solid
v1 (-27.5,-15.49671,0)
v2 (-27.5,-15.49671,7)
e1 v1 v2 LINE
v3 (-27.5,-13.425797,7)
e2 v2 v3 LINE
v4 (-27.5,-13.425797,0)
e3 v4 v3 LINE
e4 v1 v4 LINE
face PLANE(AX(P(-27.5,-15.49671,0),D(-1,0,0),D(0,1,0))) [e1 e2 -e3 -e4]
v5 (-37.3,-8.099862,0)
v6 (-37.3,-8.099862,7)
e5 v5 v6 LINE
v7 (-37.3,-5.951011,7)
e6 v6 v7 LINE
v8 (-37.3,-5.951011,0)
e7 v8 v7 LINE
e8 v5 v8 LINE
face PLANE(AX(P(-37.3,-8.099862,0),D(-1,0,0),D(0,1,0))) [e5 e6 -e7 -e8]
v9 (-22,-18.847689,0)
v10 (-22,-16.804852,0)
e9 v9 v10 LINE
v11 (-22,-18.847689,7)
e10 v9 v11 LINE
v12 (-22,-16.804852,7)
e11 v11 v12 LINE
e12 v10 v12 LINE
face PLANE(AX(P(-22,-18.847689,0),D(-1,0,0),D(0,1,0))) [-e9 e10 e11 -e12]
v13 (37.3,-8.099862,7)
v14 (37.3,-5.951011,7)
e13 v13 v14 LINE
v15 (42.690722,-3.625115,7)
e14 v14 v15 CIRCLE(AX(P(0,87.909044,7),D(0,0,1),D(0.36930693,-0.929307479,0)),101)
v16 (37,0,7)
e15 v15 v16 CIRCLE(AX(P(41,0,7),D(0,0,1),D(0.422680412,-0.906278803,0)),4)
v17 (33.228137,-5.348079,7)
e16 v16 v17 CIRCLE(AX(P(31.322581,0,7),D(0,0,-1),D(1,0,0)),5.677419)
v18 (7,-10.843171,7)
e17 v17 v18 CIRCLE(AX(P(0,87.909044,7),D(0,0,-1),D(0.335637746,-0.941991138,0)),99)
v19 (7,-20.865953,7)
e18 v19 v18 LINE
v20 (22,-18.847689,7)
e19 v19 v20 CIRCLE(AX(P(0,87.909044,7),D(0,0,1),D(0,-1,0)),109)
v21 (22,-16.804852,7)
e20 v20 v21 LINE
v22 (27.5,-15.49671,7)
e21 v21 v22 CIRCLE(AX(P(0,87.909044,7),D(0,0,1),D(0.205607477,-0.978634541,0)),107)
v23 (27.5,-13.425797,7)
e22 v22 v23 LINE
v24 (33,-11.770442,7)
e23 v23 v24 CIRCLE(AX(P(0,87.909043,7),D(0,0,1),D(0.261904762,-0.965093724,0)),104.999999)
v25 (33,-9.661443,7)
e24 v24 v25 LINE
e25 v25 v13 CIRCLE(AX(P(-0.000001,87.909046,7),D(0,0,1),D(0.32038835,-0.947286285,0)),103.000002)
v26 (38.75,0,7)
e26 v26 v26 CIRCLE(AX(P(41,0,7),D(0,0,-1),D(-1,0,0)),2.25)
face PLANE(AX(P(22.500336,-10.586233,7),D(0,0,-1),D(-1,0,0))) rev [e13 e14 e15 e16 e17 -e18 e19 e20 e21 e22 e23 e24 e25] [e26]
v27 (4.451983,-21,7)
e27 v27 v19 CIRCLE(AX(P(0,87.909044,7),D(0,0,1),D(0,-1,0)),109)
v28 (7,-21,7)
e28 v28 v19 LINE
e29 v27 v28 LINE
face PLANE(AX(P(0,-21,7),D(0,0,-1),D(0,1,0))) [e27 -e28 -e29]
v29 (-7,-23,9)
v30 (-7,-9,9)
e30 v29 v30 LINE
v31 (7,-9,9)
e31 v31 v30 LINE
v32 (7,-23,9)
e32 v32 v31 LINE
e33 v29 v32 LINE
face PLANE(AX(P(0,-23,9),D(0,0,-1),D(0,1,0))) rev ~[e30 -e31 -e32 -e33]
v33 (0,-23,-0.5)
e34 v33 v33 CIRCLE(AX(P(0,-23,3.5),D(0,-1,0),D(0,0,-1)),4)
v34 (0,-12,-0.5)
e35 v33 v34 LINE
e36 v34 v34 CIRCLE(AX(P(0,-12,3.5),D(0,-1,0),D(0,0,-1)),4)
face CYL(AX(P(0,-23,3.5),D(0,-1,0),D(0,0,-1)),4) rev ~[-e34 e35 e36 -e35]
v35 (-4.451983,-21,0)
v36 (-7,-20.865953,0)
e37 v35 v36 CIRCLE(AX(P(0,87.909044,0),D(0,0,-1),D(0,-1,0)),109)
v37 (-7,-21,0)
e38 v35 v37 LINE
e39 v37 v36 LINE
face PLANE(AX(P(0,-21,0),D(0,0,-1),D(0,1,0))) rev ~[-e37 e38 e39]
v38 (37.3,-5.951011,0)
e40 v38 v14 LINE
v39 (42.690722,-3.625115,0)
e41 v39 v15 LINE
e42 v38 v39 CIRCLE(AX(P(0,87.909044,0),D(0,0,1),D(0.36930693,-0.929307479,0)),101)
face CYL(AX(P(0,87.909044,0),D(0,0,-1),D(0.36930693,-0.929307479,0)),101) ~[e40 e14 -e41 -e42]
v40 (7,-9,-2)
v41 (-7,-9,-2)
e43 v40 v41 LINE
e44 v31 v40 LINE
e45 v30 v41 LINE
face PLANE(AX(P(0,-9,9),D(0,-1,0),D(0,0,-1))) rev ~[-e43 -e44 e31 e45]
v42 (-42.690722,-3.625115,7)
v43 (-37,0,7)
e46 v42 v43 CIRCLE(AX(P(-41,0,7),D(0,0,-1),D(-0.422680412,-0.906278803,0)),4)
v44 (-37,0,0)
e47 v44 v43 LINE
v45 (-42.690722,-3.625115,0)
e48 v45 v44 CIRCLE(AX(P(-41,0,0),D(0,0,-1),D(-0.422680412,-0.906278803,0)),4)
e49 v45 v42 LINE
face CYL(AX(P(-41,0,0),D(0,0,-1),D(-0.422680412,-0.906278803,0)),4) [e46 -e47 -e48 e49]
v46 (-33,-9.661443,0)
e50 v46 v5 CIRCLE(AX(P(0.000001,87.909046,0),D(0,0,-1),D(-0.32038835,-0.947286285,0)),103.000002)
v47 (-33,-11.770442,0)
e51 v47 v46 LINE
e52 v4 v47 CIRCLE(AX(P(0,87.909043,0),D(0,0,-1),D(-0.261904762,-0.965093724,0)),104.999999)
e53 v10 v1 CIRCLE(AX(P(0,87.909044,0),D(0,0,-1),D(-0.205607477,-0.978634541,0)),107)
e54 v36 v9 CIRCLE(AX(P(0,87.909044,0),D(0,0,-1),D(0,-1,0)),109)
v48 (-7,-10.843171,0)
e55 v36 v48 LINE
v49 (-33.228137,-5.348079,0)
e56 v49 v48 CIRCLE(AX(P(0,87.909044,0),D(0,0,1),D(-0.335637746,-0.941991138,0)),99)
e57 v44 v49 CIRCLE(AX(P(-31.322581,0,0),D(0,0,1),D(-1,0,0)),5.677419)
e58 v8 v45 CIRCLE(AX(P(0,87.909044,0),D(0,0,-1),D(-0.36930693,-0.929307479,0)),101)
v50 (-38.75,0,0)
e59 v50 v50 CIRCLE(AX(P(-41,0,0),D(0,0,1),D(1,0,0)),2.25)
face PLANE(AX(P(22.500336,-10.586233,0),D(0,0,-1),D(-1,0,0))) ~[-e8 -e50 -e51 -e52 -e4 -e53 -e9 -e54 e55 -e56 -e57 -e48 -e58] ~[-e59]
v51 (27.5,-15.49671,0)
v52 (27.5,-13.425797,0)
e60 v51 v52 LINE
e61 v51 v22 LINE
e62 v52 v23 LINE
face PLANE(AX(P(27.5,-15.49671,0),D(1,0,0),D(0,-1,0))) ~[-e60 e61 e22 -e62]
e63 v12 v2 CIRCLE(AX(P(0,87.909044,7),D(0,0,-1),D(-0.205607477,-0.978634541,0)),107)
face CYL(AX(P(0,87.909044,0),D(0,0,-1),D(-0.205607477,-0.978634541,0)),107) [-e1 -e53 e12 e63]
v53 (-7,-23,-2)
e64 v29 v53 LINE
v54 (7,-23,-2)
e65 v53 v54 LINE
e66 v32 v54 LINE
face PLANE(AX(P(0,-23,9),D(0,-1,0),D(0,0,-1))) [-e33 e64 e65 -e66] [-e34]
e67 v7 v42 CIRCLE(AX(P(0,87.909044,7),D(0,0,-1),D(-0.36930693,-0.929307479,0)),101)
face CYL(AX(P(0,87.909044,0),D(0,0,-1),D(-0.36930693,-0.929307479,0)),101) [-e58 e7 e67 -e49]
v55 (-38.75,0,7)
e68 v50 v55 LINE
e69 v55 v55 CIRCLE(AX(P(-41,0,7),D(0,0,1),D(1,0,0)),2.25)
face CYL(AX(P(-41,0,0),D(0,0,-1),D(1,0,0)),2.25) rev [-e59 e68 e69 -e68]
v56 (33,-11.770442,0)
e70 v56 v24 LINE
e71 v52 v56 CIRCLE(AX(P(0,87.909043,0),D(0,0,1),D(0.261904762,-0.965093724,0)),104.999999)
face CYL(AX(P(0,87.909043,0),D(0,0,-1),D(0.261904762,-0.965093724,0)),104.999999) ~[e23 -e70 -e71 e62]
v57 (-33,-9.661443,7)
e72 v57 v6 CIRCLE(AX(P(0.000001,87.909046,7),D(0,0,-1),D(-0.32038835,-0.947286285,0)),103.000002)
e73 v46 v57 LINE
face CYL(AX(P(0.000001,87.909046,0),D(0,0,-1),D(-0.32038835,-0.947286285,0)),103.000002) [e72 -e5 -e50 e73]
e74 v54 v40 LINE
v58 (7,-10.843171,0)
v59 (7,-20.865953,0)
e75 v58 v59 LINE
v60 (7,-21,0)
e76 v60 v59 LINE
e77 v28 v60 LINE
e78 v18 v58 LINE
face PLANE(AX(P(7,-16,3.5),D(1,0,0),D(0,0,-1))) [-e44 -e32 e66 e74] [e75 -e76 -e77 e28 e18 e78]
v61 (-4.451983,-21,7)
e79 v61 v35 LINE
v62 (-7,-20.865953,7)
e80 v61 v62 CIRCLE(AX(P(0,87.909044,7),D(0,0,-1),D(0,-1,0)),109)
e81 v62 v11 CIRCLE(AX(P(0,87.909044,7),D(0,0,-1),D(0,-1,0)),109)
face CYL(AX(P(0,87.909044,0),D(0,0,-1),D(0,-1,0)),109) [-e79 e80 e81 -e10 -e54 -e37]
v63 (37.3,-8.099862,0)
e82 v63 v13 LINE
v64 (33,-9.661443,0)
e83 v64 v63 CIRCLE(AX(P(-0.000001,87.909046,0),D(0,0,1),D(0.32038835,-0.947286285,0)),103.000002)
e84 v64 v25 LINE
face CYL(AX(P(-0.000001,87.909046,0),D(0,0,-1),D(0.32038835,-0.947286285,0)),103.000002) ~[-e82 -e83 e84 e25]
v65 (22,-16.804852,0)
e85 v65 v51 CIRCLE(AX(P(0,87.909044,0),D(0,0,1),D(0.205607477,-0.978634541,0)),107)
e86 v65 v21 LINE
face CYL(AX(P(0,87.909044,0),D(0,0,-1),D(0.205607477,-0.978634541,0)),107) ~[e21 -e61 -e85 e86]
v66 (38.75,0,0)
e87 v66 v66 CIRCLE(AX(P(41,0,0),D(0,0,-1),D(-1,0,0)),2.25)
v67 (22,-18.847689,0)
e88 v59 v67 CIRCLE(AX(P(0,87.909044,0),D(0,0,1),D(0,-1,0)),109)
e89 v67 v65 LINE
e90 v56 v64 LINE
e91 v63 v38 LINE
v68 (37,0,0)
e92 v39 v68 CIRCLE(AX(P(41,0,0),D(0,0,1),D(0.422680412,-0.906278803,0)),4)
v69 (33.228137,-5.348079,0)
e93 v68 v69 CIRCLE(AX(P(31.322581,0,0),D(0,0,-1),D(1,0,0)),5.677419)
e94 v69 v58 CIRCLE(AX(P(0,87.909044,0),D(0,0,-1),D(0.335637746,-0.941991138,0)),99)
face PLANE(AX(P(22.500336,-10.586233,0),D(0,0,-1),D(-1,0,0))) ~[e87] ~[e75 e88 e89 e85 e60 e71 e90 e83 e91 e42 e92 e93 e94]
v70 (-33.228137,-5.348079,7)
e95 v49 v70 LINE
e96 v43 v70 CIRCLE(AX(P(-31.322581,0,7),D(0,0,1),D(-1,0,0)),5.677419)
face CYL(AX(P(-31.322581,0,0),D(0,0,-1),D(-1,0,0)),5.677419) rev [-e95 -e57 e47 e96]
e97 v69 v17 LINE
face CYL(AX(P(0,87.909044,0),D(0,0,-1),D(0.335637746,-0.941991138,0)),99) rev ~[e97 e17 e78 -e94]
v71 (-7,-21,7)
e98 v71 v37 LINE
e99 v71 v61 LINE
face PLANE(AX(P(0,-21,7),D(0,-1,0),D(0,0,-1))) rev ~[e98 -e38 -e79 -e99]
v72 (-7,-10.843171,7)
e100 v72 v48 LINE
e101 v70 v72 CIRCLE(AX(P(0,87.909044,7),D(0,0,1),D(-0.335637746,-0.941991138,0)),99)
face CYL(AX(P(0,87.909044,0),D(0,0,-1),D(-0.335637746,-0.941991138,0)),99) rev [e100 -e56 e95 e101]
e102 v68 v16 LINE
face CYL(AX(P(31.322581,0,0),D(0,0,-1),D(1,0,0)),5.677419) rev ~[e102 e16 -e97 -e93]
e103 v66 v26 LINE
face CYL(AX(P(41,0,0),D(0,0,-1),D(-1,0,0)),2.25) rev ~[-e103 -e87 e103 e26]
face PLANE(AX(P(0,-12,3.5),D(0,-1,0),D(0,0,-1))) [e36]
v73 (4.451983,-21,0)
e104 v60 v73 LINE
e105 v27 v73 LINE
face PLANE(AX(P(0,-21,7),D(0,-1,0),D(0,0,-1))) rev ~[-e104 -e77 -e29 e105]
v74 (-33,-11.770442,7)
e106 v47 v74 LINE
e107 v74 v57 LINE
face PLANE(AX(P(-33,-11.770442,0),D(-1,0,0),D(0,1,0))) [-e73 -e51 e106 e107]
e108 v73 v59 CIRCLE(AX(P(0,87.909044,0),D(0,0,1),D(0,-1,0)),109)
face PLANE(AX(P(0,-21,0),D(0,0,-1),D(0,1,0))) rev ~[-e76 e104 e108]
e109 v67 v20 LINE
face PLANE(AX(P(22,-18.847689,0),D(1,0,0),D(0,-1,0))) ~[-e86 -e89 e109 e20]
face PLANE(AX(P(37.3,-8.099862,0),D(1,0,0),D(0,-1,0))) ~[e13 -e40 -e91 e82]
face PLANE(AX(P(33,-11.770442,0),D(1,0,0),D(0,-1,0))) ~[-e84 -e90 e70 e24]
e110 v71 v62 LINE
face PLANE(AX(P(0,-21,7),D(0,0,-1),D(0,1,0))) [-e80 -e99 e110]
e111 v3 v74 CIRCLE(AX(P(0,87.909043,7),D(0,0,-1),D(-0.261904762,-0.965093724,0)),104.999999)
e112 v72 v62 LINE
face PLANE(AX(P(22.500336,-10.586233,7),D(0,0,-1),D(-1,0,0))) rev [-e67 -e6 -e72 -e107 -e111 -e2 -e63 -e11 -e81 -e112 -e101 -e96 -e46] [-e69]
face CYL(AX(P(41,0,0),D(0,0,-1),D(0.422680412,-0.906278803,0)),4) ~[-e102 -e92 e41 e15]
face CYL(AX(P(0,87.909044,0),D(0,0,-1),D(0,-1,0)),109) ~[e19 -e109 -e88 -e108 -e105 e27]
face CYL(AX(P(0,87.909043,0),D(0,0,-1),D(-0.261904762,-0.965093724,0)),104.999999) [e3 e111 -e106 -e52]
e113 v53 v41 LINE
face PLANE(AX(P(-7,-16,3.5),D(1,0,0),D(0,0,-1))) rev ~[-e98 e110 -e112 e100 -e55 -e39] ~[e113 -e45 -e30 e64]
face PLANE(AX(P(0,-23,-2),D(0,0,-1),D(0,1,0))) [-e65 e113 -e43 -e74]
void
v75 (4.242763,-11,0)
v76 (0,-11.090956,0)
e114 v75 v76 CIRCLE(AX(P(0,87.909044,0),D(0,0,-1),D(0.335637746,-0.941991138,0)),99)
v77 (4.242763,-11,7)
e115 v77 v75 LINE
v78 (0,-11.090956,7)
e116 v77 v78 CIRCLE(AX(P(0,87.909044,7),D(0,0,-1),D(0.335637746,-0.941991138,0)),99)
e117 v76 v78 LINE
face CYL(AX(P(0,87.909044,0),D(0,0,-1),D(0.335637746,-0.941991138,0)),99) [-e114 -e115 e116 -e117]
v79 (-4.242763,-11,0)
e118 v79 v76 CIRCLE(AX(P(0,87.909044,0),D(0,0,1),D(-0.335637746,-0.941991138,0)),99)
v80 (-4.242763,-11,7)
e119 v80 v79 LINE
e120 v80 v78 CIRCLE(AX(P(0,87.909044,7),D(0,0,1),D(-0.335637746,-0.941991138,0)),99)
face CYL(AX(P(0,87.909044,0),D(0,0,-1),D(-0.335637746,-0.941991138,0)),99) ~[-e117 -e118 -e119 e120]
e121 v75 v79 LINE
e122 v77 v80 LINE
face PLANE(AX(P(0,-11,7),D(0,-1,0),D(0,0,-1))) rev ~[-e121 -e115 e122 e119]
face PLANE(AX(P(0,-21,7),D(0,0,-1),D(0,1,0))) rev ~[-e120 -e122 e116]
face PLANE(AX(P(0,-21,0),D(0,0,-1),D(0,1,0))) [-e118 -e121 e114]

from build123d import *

# Parameters (mm, degrees)
SKETCH1_R           = 2.25
BOSS_EXTRUDE2_DEPTH = 7
SKETCH4_W           = 11
SKETCH4_H           = 14
SKETCH4_W_2         = 7
SKETCH4_H_2         = 10
BOSS_EXTRUDE3_DEPTH = 7
SKETCH5_R           = 4
CUT_EXTRUDE1_DEPTH  = 11


with BuildPart() as part:
    # Sketch1 → Boss-Extrude2 (new body)
    with BuildSketch(Plane.XY):
        with BuildLine():
            Line((0, -11.090956097), (0, -13.090956097))
            Line((0, -13.090956097), (0, -15.090956097))
            Line((0, -15.090956097), (0, -17.090956097))
            Line((0, -17.090956097), (0, -19.090956097))
            Line((0, -19.090956097), (0, -21.090956097))
            ThreePointArc((0, -21.090956097), (-11.05703676, -20.528689096), (-22, -18.847688905))
            Line((-22, -18.847688905), (-22, -16.804852023))
            ThreePointArc((-22, -16.804852023), (-24.758641092, -16.187112084), (-27.5, -15.496710289))
            Line((-27.5, -15.496710289), (-27.5, -13.425797094))
            ThreePointArc((-27.5, -13.425797094), (-30.261321018, -12.635734431), (-33, -11.770442452))
            Line((-33, -11.770442452), (-33, -9.661443438))
            ThreePointArc((-33, -9.661443438), (-35.158670825, -8.904528832), (-37.3, -8.099861934))
            Line((-37.3, -8.099861934), (-37.3, -5.951011498))
            ThreePointArc((-37.3, -5.951011498), (-40.012264818, -4.827241682), (-42.690721649, -3.625115213))
            ThreePointArc((-42.690721649, -3.625115213), (-43.149082758, 3.373639474), (-37, 0))
            ThreePointArc((-37, 0), (-35.962178278, -3.272189532), (-33.228136882, -5.348078717))
            ThreePointArc((-33.228136882, -5.348078717), (-16.860380491, -9.644672426), (0, -11.090956097))
        make_face()
        with Locations((-41, 0)):
            Circle(SKETCH1_R, mode=Mode.SUBTRACT)
    extrude(amount=BOSS_EXTRUDE2_DEPTH)

    # Mirror1: part across plane


with BuildPart() as part_1:
    add(part.part)
    add(part.part.mirror(Plane(origin=(0, -11.090956097, 7), x_dir=(0, 0, 1), z_dir=(1, 0, 0))))

    # Sketch4 → Boss-Extrude3 (add, symmetric)
    with BuildSketch(Plane(origin=(0, 0, 0), x_dir=(0, 0, -1), z_dir=(1, 0, 0))):
        with Locations((-3.5, -16)):
            Rectangle(SKETCH4_W, SKETCH4_H)
        with Locations((-3.5, -16)):
            Rectangle(SKETCH4_W_2, SKETCH4_H_2, mode=Mode.SUBTRACT)
    extrude(amount=BOSS_EXTRUDE3_DEPTH, both=True)

    # Sketch5 → Cut-Extrude1 (cut)
    with BuildSketch(Plane.XZ.offset(23)):
        with Locations(Location((0, 3.5, 0), (0, 0, 270))):
            Circle(SKETCH5_R)
    extrude(amount=-CUT_EXTRUDE1_DEPTH, mode=Mode.SUBTRACT)


solid = part_1.part
